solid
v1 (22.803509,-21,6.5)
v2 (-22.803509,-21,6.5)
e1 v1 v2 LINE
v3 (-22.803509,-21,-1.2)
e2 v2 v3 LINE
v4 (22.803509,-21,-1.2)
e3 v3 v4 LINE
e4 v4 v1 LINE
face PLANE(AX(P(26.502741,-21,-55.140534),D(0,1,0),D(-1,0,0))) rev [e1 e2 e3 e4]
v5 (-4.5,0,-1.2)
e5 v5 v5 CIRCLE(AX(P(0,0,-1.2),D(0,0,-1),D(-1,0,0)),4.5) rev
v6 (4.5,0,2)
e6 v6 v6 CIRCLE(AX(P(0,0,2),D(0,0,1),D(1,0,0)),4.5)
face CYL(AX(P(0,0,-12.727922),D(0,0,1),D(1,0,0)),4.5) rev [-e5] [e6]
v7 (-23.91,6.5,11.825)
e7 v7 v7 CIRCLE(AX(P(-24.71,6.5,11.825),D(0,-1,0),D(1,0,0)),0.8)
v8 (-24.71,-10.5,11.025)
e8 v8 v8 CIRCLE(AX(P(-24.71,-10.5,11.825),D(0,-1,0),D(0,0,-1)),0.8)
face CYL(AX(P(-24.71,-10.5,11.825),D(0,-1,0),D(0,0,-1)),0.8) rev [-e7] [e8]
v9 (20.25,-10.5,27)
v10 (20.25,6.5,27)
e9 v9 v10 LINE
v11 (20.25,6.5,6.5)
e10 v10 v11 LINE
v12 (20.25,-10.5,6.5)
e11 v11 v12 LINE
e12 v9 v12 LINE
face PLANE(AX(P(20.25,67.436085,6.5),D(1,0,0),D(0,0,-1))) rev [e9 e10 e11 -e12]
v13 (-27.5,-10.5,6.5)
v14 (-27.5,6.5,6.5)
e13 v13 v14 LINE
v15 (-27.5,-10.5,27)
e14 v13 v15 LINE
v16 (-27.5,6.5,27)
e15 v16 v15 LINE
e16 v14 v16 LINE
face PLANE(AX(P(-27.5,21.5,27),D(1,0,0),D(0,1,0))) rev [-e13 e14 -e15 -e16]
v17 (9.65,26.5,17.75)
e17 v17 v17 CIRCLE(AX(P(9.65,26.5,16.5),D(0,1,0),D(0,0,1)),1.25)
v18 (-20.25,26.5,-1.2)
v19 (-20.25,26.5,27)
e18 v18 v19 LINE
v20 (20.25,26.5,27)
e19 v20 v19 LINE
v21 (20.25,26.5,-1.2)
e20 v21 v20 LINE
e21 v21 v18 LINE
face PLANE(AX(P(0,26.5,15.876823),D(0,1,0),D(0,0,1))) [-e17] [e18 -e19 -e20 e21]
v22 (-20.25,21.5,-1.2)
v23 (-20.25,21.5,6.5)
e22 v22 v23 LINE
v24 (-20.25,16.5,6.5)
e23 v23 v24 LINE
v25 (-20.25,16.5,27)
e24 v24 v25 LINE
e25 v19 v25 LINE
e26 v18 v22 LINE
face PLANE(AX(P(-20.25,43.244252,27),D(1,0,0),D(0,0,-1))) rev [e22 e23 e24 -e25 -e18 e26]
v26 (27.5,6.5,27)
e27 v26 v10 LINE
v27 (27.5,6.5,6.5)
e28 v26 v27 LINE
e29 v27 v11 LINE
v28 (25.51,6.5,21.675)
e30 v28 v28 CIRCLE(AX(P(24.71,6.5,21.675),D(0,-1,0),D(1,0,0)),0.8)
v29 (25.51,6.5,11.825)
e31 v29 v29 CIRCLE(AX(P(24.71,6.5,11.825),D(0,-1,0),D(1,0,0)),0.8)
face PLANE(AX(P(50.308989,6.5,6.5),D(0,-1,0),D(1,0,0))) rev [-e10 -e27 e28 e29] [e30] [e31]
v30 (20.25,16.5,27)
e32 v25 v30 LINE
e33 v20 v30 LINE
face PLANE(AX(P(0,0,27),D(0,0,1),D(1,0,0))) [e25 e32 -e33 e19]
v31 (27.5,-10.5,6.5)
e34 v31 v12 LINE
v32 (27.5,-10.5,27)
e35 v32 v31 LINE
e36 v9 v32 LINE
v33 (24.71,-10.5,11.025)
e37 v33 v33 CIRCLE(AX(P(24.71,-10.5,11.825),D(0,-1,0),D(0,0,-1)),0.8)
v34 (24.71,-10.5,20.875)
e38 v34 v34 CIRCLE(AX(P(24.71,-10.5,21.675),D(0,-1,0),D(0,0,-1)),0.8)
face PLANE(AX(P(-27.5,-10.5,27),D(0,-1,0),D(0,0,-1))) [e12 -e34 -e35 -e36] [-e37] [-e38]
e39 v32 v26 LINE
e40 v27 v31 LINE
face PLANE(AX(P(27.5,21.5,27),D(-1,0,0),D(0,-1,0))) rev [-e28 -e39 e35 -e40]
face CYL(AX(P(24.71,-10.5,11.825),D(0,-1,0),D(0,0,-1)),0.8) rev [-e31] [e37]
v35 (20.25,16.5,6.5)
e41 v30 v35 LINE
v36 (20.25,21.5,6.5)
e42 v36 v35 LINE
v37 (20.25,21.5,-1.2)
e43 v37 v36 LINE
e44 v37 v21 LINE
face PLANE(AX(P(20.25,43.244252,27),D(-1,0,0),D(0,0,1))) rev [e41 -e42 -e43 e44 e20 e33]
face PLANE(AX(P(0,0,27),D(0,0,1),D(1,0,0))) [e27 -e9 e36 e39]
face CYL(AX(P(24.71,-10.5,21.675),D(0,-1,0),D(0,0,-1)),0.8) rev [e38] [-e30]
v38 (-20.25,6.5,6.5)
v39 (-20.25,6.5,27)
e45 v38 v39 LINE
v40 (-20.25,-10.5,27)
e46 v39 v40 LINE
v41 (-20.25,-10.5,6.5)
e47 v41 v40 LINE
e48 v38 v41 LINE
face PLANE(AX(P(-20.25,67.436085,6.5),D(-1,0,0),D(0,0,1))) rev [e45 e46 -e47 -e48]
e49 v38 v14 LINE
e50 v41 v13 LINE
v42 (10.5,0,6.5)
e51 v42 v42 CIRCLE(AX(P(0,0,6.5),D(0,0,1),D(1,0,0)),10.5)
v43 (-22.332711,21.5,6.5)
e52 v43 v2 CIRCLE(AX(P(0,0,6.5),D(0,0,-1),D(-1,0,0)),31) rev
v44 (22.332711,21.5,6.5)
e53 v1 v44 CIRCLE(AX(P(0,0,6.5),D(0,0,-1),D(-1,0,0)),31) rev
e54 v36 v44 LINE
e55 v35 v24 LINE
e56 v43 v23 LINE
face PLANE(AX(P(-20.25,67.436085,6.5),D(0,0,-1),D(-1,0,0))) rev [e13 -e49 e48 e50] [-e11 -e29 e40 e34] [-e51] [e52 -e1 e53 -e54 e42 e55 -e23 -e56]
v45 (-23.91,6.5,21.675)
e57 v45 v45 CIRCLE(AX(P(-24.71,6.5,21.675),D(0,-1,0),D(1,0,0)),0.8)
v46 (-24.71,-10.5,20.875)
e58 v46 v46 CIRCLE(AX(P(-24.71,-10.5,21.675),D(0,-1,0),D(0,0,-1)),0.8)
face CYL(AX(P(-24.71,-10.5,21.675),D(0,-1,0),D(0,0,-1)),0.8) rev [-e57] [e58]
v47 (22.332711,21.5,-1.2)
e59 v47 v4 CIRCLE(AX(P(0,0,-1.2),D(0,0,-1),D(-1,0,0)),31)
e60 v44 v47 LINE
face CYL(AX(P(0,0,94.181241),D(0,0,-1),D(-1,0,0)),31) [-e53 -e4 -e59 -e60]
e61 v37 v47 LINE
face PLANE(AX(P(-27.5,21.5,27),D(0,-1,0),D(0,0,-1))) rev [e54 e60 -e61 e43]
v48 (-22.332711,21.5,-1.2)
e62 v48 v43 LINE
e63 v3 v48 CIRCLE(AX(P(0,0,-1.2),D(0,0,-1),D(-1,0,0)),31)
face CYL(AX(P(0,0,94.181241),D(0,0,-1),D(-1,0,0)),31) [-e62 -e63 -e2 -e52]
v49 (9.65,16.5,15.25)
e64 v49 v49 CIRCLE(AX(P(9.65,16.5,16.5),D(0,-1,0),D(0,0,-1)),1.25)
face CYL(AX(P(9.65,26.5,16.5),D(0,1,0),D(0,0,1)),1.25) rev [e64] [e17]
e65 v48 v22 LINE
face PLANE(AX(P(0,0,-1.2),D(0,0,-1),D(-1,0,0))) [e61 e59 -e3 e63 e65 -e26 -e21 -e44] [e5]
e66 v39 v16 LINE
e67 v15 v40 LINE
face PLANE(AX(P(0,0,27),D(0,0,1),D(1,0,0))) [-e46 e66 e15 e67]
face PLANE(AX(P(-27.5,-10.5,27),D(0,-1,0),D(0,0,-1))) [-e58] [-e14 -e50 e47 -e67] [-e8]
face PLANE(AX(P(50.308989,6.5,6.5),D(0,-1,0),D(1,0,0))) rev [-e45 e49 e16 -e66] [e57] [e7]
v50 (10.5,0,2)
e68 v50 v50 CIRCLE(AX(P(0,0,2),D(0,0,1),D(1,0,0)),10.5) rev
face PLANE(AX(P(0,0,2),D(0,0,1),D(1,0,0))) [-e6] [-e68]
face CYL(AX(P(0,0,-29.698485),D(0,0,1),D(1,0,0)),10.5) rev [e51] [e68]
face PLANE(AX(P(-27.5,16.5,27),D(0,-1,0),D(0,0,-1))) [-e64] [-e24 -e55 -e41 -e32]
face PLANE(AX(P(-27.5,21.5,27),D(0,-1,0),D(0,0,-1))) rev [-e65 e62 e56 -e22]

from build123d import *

# Parameters (mm, degrees)
ESQUISSE1_W              = 55
ESQUISSE1_H              = 43
BOSS_EXTRU_1_DEPTH       = 27
ESQUISSE2_W              = 40.5
ESQUISSE2_H              = 21.676575317
ENL_V_MAT_EXTRU_1_DEPTH  = 38
ESQUISSE3_R              = 0.7
ENL_V_MAT_EXTRU_2_DEPTH  = 43
ESQUISSE4_W              = 55
ESQUISSE4_H              = 20.5
ENL_V_MAT_EXTRU_3_DEPTH  = 11
ENL_V_MAT_EXTRU_6_REACH  = 66.933
ESQUISSE5_W              = 20.5
ESQUISSE5_H              = 10
ESQUISSE6_W              = 7.25
ESQUISSE6_H              = 20.5
ENL_V_MAT_EXTRU_7_DEPTH  = 5
ESQUISSE7_R              = 31
BOSS_EXTRU_2_DEPTH       = 6.5
ESQUISSE8_R              = 41
ESQUISSE8_R_2            = 31
ENL_V_MAT_EXTRU_8_DEPTH  = 6.5
TROU_TARAUD_M2X0_41_D    = 1.6
ESQUISSE10_R             = 10.5
ENL_V_MAT_EXTRU_9_DEPTH  = 4.5
ESQUISSE11_R             = 4.5
ENL_V_MAT_EXTRU_10_DEPTH = 2
ESQUISSE12_R             = 9.25
ESQUISSE12_R_2           = 1.25
BOSS_EXTRU_3_DEPTH       = 5
ESQUISSE13_W             = 50.114904395
ESQUISSE13_H             = 12.012600019
ENL_V_MAT_EXTRU_11_DEPTH = 6.5
BOSS_EXTRU_4_START       = 1.2
BOSS_EXTRU_4_DEPTH       = 1.2
ESQUISSE15_W             = 53.005482756
ESQUISSE15_H             = 10
ENL_V_MAT_EXTRU_12_DEPTH = 7.7
ESQUISSE16_R             = 4.5
ENL_V_MAT_EXTRU_13_DEPTH = 1.2
BOSS_EXTRU_5_START       = -28.2
ESQUISSE17_W             = 40.5
ESQUISSE17_H             = 5
BOSS_EXTRU_5_DEPTH       = 28.2
ESQUISSE18_R             = 1
ENL_V_MAT_EXTRU_14_DEPTH = 10
TROU_TARAUD_M3X0_51_D    = 2.5


with BuildPart() as part:
    # Esquisse1 → Boss.-Extru.1 (new body)
    with BuildSketch(Plane.XY):
        Rectangle(ESQUISSE1_W, ESQUISSE1_H)
    extrude(amount=BOSS_EXTRU_1_DEPTH)

    # Esquisse2 → Enlèv. mat.-Extru.1 (cut)
    with BuildSketch(Plane.XZ.offset(21.5)):
        with Locations((0, 17.338287659)):
            Rectangle(ESQUISSE2_W, ESQUISSE2_H)
    extrude(amount=-ENL_V_MAT_EXTRU_1_DEPTH, mode=Mode.SUBTRACT)

    # Esquisse3 → Enlèv. mat.-Extru.2 (cut)
    with BuildSketch(Plane.XZ.offset(21.5)):
        with Locations(Location((-24.71, 21.675, 0), (0, 0, 270))):
            Circle(ESQUISSE3_R)
        with Locations(Location((-24.71, 11.825, 0), (0, 0, 270))):
            Circle(ESQUISSE3_R)
        with Locations(Location((24.71, 11.825, 0), (0, 0, 270))):
            Circle(ESQUISSE3_R)
        with Locations(Location((24.71, 21.675, 0), (0, 0, 270))):
            Circle(ESQUISSE3_R)
    extrude(amount=-ENL_V_MAT_EXTRU_2_DEPTH, mode=Mode.SUBTRACT)

    # Esquisse4 → Enlèv. mat.-Extru.3 (cut)
    with BuildSketch(Plane.XZ.offset(21.5)):
        with Locations((0, 16.75)):
            Rectangle(ESQUISSE4_W, ESQUISSE4_H)
    extrude(amount=-ENL_V_MAT_EXTRU_3_DEPTH, mode=Mode.SUBTRACT)

    # Enlèv. mat.-Extru.6: up to this face of the body (flat: up to its plane)
    enl_v_mat_extru_6_end = Plane(part.part.faces().sort_by_distance((27.5, 3.85676109, 12.716595404))[0])
    # Esquisse5 → Enlèv. mat.-Extru.6 (cut, up to the picked face)
    with BuildSketch(Plane.ZY.offset(27.5), mode=Mode.PRIVATE) as enl_v_mat_extru_6_sk1:
        with Locations((16.75, 11.5)):
            Rectangle(ESQUISSE5_W, ESQUISSE5_H)
    enl_v_mat_extru_6_tool1 = split(extrude(enl_v_mat_extru_6_sk1.sketch, amount=-ENL_V_MAT_EXTRU_6_REACH, mode=Mode.PRIVATE), bisect_by=enl_v_mat_extru_6_end, keep=Keep.BOTH, mode=Mode.PRIVATE)
    add(enl_v_mat_extru_6_tool1.solids().sort_by(Axis((-27.5, 11.5, 16.75), (1, 0, 0)))[0], mode=Mode.SUBTRACT)

    # Esquisse6 → Enlèv. mat.-Extru.7 (cut)
    with BuildSketch(Plane.XZ.offset(-16.5)):
        with Locations((-23.875, 16.75)):
            Rectangle(ESQUISSE6_W, ESQUISSE6_H)
        with Locations((23.875, 16.75)):
            Rectangle(ESQUISSE6_W, ESQUISSE6_H)
    extrude(amount=-ENL_V_MAT_EXTRU_7_DEPTH, mode=Mode.SUBTRACT)

    # Esquisse7 → Boss.-Extru.2 (add)
    with BuildSketch(Plane(origin=(0, 0, 0), x_dir=(-1, 0, 0), z_dir=(0, 0, -1))):
        Circle(ESQUISSE7_R)
    extrude(amount=-BOSS_EXTRU_2_DEPTH)

    # Esquisse8 → Enlèv. mat.-Extru.8 (cut)
    with BuildSketch(Plane(origin=(0, 0, 0), x_dir=(-1, 0, 0), z_dir=(0, 0, -1))):
        Circle(ESQUISSE8_R)
        Circle(ESQUISSE8_R_2, mode=Mode.SUBTRACT)
    extrude(amount=-ENL_V_MAT_EXTRU_8_DEPTH, mode=Mode.SUBTRACT)

    # Trou taraudé M2x0.41 (through all)
    with Locations(Plane(origin=(-24.71, -10.5, 21.675), x_dir=(0, 0, -1), z_dir=(0, -1, 0))):
        with Locations((0, 0), (9.85, 0), (0, 49.42), (9.85, 49.42)):
            Hole(TROU_TARAUD_M2X0_41_D / 2)

    # Esquisse10 → Enlèv. mat.-Extru.9 (cut)
    with BuildSketch(Plane.XY.offset(6.5)):
        Circle(ESQUISSE10_R)
    extrude(amount=-ENL_V_MAT_EXTRU_9_DEPTH, mode=Mode.SUBTRACT)

    # Esquisse11 → Enlèv. mat.-Extru.10 (cut)
    with BuildSketch(Plane.XY.offset(2)):
        Circle(ESQUISSE11_R)
    extrude(amount=-ENL_V_MAT_EXTRU_10_DEPTH, mode=Mode.SUBTRACT)

    # Esquisse12 → Boss.-Extru.3 (add)
    with BuildSketch(Plane(origin=(0, 21.5, 0), x_dir=(1, 0, 0), z_dir=(0, 1, 0))):
        with Locations(Location((0, -15.876822983, 0), (0, 0, 90))):
            Circle(ESQUISSE12_R)
        with Locations(Location((0, -15.876822983, 0), (0, 0, 270))):
            Circle(ESQUISSE12_R_2, mode=Mode.SUBTRACT)
    extrude(amount=BOSS_EXTRU_3_DEPTH)

    # Esquisse13 → Enlèv. mat.-Extru.11 (cut)
    with BuildSketch(Plane.XY.offset(6.5)):
        with Locations((-0.983340997, 27.50630001)):
            Rectangle(ESQUISSE13_W, ESQUISSE13_H)
    extrude(amount=-ENL_V_MAT_EXTRU_11_DEPTH, mode=Mode.SUBTRACT)

    # Esquisse14 → Boss.-Extru.4 (add)
    with BuildSketch(Plane(origin=(0, 0, 0), x_dir=(-1, 0, 0), z_dir=(0, 0, -1)).offset(BOSS_EXTRU_4_START)):
        with BuildLine():
            Line((-22.332711434, 21.5), (22.332711434, 21.5))
            ThreePointArc((22.332711434, 21.5), (0, -31), (-22.332711434, 21.5))
        make_face()
    extrude(amount=-BOSS_EXTRU_4_DEPTH)

    # Esquisse15 → Enlèv. mat.-Extru.12 (cut)
    with BuildSketch(Plane.XY.offset(6.5)):
        with Locations((0, -26)):
            Rectangle(ESQUISSE15_W, ESQUISSE15_H)
    extrude(amount=-ENL_V_MAT_EXTRU_12_DEPTH, mode=Mode.SUBTRACT)

    # Esquisse16 → Enlèv. mat.-Extru.13 (cut)
    with BuildSketch(Plane.XY):
        Circle(ESQUISSE16_R)
    extrude(amount=-ENL_V_MAT_EXTRU_13_DEPTH, mode=Mode.SUBTRACT)

    # Esquisse17 → Boss.-Extru.5 (add)
    with BuildSketch(Plane.XY.offset(27).offset(BOSS_EXTRU_5_START)):
        with Locations((0, 24)):
            Rectangle(ESQUISSE17_W, ESQUISSE17_H)
    extrude(amount=BOSS_EXTRU_5_DEPTH)

    # Esquisse18 → Enlèv. mat.-Extru.14 (cut)
    with BuildSketch(Plane(origin=(0, 26.5, 0), x_dir=(1, 0, 0), z_dir=(0, 1, 0))):
        with Locations(Location((9.65, -16.5, 0), (0, 0, 270))):
            Circle(ESQUISSE18_R)
    extrude(amount=-ENL_V_MAT_EXTRU_14_DEPTH, mode=Mode.SUBTRACT)

    # Trou taraudé M3x0.51 (through all)
    with Locations(Plane(origin=(9.65, 26.5, 16.5), x_dir=(0, 0, 1), z_dir=(0, 1, 0))):
        with Locations((0, 0)):
            Hole(TROU_TARAUD_M3X0_51_D / 2)


solid = part.part
